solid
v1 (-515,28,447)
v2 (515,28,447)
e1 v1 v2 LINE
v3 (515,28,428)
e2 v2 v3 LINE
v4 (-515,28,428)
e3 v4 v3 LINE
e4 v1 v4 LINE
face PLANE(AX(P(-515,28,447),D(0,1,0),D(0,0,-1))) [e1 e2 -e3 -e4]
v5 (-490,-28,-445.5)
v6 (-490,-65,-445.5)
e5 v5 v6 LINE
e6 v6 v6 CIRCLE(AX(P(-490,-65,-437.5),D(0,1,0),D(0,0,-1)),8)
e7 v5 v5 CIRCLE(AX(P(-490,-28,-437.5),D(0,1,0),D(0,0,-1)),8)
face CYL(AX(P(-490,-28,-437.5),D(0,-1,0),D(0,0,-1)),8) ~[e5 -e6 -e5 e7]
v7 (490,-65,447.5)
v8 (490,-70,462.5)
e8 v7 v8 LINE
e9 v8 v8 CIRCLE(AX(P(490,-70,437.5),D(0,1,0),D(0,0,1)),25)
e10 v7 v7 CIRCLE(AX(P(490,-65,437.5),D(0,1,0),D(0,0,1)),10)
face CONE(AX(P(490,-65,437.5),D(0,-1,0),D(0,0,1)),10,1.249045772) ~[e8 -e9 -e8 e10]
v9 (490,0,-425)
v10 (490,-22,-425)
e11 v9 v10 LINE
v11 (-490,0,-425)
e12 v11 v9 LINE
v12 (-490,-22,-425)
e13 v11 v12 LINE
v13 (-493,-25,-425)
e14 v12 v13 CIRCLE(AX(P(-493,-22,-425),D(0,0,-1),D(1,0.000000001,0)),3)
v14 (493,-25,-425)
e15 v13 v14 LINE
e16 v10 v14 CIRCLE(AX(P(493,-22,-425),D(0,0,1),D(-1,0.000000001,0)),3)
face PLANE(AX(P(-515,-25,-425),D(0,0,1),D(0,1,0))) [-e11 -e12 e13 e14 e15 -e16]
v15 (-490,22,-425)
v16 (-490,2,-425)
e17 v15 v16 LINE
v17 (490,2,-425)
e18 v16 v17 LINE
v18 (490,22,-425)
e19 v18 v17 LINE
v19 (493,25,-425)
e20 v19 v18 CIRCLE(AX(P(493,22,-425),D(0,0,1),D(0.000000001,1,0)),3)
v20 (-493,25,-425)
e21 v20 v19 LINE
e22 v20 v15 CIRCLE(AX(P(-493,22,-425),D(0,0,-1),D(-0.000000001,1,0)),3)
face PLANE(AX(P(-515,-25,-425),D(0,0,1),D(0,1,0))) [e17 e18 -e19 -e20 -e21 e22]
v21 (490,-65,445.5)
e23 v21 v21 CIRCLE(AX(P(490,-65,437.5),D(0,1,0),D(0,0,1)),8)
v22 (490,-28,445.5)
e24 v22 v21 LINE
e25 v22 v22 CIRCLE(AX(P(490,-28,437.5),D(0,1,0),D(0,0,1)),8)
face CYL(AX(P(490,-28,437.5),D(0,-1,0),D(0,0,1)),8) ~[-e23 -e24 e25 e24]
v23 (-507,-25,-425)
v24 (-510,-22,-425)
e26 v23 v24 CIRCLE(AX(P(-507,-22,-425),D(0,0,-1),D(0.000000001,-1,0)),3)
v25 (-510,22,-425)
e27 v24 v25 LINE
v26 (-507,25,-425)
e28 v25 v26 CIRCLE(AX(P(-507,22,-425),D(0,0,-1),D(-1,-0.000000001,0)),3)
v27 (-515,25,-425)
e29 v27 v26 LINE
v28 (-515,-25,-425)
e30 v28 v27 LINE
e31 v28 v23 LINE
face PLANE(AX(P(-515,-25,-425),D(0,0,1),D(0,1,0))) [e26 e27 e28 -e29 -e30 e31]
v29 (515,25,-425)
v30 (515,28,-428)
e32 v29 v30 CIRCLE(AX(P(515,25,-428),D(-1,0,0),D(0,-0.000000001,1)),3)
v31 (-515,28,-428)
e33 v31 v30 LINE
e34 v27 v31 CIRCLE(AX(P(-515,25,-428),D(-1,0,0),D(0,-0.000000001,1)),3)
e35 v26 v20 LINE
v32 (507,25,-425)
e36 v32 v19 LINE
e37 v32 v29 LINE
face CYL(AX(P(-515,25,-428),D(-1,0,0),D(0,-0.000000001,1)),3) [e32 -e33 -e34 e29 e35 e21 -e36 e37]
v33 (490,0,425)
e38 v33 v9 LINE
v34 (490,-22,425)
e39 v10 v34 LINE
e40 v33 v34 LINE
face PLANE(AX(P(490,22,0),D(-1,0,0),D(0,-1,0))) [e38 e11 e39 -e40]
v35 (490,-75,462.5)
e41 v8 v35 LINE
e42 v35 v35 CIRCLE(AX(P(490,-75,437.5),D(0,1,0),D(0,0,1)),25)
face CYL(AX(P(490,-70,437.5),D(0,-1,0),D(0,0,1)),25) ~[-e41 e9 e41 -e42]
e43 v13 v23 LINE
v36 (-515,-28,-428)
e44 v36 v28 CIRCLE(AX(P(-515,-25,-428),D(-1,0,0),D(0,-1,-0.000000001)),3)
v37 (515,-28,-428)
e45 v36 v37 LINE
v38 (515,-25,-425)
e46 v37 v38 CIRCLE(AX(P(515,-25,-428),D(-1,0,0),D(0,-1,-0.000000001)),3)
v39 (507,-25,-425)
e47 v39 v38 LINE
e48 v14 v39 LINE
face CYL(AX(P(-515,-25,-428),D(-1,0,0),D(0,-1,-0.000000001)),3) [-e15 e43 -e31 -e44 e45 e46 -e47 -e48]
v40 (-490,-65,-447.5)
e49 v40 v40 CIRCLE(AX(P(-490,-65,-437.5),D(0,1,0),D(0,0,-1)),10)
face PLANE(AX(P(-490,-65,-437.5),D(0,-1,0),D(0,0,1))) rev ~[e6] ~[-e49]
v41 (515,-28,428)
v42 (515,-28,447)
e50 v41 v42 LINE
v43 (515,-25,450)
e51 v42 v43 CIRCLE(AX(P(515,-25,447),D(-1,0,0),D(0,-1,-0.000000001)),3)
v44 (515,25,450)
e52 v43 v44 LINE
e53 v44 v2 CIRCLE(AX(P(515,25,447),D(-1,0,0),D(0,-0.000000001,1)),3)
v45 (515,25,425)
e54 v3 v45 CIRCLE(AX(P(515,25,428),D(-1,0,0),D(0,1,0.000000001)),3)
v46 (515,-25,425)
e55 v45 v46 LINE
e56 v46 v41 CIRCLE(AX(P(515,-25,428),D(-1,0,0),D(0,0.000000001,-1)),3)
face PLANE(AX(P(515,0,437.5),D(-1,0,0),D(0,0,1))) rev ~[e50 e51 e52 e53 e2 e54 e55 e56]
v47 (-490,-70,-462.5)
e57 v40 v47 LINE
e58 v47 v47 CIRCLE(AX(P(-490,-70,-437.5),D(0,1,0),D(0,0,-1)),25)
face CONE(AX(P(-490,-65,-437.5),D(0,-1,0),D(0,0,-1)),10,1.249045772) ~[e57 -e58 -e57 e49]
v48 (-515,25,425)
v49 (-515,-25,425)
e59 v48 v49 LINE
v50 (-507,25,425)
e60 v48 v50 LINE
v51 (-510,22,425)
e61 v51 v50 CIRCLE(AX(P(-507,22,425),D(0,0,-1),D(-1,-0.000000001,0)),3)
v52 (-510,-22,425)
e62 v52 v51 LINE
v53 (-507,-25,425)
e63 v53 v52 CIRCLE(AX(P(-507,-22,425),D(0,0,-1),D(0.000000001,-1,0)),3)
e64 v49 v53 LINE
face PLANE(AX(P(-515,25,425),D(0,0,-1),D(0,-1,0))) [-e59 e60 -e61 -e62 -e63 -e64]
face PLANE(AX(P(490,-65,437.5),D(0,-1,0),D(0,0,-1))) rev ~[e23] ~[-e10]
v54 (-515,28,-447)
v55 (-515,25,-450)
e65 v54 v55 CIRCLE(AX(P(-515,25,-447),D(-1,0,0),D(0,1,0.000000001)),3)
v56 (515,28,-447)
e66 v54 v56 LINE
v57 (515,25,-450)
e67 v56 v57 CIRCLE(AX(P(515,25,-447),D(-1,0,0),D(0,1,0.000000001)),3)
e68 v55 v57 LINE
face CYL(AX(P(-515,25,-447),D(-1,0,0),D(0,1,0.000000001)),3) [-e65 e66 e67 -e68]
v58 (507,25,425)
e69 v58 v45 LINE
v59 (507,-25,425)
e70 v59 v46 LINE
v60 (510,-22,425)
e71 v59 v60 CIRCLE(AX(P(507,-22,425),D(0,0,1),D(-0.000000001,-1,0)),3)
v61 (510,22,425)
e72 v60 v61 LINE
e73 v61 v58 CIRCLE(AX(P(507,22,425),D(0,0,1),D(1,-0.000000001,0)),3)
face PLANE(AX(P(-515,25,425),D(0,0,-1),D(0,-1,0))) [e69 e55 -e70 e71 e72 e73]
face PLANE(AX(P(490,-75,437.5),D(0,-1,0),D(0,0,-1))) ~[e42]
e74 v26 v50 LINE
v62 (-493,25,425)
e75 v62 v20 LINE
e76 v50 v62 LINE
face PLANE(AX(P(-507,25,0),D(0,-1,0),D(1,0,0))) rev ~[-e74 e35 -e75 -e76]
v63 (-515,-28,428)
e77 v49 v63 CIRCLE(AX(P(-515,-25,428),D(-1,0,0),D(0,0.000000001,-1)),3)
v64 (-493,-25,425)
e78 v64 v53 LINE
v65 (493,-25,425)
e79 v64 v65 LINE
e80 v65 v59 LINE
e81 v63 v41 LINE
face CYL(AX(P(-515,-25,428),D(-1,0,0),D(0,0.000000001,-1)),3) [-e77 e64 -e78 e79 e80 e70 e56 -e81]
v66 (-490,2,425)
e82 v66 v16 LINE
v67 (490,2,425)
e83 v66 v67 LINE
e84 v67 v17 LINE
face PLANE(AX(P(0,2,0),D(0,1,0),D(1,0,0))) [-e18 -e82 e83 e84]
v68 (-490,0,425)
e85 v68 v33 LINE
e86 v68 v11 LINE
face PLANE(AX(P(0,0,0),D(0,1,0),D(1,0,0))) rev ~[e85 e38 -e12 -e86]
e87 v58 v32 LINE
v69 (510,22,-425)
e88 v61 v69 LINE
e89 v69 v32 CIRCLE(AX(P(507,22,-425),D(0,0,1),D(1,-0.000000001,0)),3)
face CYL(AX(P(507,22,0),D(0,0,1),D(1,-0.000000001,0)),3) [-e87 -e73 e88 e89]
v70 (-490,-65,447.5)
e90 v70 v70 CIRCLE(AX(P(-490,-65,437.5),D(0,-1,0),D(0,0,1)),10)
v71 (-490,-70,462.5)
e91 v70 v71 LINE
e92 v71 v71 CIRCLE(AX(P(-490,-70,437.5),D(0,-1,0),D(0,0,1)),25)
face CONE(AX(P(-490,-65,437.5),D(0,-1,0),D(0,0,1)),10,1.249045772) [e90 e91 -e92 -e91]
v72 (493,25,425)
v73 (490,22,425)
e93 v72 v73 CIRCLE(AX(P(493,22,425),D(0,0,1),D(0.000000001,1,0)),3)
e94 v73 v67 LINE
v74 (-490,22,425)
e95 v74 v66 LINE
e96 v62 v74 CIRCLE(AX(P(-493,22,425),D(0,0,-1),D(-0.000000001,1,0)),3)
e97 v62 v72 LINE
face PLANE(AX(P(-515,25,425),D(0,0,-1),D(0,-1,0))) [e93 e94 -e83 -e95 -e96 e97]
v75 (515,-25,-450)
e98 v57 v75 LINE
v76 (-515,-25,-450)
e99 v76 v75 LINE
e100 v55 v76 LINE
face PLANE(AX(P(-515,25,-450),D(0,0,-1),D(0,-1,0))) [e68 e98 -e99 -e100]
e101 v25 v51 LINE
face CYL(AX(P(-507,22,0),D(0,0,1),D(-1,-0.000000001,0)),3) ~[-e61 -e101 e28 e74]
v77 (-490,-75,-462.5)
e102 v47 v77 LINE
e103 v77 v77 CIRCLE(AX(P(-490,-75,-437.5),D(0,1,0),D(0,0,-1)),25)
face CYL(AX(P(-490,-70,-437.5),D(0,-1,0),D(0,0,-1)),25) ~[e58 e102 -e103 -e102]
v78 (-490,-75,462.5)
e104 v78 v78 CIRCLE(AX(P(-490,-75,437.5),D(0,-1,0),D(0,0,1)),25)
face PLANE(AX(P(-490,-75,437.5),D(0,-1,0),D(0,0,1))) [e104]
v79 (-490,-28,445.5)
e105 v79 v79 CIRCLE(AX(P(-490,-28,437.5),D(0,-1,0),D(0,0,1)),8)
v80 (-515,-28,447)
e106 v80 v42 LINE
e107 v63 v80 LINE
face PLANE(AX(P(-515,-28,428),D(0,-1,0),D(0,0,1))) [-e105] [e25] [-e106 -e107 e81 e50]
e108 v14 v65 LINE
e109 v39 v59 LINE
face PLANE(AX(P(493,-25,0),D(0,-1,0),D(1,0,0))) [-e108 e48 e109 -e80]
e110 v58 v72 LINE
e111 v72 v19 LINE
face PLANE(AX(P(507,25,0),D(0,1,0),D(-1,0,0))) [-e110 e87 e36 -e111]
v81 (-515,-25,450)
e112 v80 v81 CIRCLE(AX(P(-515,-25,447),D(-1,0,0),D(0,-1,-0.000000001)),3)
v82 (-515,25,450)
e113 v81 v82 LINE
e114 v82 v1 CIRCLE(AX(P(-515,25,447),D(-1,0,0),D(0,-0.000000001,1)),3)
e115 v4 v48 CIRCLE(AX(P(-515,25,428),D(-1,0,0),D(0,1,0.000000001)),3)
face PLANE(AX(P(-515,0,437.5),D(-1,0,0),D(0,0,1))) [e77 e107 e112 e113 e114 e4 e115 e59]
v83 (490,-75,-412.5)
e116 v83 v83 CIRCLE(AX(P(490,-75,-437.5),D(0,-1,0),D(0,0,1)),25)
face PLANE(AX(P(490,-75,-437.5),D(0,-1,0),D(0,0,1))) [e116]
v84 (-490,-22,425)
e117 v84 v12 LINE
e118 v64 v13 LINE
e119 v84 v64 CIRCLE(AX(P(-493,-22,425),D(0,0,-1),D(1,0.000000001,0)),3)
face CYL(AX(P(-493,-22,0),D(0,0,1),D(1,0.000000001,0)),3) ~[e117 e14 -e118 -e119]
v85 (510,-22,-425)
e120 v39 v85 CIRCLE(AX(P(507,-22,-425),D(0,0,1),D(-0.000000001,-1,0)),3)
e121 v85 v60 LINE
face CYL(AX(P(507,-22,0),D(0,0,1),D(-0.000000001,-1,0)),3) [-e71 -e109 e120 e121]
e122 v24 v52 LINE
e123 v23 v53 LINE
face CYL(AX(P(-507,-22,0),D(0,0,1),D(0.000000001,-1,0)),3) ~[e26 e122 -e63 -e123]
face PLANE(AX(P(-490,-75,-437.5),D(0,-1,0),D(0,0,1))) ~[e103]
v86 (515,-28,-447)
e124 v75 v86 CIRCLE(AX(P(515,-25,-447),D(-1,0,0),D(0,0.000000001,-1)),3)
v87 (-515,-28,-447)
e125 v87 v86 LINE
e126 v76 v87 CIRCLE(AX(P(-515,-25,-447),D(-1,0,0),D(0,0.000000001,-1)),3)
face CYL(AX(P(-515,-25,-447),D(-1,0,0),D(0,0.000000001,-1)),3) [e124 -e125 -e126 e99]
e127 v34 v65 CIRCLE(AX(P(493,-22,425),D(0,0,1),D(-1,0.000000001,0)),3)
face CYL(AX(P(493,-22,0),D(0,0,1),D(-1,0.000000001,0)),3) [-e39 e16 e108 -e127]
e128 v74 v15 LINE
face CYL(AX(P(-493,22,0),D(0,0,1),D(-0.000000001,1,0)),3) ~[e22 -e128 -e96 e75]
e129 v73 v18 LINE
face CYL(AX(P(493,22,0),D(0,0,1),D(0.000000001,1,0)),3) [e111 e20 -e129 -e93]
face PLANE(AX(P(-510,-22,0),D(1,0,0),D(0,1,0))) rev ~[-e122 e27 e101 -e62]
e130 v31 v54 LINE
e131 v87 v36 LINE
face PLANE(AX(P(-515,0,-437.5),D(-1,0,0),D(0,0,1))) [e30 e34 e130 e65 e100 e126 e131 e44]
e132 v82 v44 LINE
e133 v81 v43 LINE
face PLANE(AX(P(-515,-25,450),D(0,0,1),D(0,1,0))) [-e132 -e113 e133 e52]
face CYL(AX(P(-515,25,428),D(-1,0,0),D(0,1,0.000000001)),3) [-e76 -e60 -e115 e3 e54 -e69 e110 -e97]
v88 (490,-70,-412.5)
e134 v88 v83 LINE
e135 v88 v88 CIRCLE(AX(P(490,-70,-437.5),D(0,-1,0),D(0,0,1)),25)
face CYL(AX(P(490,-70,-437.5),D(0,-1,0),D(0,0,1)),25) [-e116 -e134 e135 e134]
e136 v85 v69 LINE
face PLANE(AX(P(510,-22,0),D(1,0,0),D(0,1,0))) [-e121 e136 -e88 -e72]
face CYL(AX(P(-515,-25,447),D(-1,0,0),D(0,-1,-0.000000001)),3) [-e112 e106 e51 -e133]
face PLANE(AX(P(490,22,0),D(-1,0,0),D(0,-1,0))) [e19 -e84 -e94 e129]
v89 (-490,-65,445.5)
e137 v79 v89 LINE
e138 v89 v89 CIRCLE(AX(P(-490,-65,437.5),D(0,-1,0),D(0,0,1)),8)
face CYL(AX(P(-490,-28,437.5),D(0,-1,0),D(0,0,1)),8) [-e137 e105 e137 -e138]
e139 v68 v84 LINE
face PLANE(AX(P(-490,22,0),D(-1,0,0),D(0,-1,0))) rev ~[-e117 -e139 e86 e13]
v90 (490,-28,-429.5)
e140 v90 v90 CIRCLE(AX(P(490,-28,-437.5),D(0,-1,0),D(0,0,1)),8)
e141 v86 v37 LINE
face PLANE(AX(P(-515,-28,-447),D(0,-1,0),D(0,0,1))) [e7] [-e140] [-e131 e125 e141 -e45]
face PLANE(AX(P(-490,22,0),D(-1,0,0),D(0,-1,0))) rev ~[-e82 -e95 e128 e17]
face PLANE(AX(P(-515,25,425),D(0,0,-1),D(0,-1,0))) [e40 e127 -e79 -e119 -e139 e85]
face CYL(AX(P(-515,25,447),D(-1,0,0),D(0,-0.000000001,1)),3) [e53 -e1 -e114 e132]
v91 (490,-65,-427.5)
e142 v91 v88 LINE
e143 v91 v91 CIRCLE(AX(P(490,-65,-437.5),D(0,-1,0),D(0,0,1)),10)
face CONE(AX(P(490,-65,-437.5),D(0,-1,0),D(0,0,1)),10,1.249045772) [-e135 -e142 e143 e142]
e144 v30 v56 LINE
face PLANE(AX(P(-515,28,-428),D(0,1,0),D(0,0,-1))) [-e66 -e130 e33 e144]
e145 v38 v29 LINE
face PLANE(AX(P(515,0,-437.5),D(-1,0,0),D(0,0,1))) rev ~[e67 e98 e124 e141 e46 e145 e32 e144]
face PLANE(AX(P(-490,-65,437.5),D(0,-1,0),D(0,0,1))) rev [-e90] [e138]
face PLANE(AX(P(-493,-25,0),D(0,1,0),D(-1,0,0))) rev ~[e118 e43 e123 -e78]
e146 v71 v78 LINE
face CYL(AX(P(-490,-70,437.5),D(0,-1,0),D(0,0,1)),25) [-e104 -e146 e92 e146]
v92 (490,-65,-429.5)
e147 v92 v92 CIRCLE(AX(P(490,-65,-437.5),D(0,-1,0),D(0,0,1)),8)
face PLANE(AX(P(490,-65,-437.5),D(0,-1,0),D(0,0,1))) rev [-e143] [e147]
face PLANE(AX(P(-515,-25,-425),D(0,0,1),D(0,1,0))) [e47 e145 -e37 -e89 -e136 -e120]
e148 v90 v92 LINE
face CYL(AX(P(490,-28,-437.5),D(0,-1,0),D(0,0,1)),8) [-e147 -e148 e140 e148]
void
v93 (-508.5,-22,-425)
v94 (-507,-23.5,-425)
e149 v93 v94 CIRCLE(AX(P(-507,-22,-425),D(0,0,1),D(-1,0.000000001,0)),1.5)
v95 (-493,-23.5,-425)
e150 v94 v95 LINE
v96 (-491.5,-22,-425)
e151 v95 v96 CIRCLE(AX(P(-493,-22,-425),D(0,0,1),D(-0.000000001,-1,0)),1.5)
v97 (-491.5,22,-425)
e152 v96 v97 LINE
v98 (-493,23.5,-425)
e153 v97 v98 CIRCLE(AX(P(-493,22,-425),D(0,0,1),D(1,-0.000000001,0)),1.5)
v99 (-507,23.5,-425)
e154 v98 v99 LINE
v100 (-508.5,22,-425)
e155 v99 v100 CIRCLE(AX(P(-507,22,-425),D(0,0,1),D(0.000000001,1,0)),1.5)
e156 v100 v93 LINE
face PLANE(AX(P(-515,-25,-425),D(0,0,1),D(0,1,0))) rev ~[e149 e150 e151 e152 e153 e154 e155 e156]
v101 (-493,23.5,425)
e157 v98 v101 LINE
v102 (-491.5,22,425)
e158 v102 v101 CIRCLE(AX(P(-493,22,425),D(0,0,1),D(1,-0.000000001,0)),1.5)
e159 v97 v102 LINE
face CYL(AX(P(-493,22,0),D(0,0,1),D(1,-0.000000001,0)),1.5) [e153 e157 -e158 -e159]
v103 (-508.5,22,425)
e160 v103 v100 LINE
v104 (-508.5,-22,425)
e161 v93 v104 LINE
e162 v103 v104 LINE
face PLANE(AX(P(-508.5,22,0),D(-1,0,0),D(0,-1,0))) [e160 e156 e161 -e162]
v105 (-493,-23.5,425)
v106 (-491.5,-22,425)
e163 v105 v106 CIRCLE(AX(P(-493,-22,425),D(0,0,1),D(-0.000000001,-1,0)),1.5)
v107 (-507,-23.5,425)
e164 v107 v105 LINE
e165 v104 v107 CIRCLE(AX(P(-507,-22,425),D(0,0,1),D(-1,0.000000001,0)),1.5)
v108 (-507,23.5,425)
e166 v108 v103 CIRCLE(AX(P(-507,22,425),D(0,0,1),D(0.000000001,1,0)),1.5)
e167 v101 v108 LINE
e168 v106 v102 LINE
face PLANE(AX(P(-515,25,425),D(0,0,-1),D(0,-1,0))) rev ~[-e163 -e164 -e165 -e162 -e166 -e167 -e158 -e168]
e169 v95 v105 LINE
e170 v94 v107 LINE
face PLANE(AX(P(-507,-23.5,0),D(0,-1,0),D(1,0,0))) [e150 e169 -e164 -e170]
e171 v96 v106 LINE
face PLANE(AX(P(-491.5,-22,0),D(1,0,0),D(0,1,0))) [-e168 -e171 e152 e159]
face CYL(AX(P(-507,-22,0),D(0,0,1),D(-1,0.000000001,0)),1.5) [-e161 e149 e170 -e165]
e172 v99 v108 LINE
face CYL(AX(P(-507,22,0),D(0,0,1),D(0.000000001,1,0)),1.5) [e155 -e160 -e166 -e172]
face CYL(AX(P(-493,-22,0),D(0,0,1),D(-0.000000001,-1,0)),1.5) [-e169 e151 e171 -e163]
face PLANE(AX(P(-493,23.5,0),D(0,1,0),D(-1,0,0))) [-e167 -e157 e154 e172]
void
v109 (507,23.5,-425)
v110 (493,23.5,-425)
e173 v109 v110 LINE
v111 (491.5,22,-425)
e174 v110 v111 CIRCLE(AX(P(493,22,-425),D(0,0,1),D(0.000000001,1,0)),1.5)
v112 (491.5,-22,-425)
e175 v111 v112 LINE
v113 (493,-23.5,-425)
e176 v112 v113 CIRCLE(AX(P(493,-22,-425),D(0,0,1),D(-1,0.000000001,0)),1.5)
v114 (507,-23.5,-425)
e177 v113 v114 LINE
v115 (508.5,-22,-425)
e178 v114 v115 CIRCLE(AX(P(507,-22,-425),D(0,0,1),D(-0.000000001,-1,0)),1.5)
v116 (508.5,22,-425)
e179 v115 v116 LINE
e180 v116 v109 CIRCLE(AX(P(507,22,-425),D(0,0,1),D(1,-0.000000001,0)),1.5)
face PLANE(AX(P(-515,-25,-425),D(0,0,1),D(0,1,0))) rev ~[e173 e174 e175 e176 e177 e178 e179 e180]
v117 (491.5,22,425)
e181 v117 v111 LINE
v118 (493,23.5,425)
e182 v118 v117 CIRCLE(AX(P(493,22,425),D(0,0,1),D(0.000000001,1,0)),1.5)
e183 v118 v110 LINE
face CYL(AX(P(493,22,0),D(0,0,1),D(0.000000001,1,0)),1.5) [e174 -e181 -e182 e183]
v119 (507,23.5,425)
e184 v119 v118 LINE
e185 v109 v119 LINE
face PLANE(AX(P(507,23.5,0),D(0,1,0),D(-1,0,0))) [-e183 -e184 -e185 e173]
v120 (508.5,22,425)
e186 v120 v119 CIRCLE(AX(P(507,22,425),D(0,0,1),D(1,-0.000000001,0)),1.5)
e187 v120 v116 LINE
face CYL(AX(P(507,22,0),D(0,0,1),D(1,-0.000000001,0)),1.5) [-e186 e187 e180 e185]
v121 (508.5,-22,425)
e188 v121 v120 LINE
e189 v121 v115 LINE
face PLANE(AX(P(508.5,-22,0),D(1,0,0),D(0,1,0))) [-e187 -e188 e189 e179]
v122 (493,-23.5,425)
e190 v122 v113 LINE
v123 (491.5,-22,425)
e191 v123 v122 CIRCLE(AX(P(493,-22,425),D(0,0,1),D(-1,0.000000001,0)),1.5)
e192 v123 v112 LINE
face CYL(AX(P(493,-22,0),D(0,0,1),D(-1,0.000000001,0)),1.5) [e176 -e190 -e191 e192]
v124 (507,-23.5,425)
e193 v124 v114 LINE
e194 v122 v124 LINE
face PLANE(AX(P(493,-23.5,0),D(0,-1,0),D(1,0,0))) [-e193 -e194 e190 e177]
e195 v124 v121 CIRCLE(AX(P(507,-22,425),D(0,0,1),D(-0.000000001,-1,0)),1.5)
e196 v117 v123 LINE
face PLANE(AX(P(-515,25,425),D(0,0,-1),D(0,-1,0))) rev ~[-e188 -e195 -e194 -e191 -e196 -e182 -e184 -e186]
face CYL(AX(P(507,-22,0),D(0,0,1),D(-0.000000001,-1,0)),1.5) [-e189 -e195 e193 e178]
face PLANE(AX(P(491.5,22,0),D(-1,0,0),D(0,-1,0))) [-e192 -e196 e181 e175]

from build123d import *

# Parameters (mm, degrees)
EXTRUDE_1_DEPTH      = 425
EXTRUDE_1_2_DEPTH    = 425
EXTRUDE_4_DEPTH      = 515
EXTRUDE_4_DEPTH_BACK = 515
SKETCH_3_W           = 980
SKETCH_3_H           = 850
EXTRUDE_5_DEPTH      = 2


with BuildPart() as part:
    # Эскиз1 → Бобышка-Вытянуть1 (new, symmetric)
    with BuildSketch(Plane.XY):
        with BuildLine():
            Line((-507, 25), (-493, 25))
            ThreePointArc((-493, 25), (-490.878679656, 24.121320344), (-490, 22))
            Line((-490, 22), (-490, -22))
            ThreePointArc((-490, -22), (-490.878679656, -24.121320344), (-493, -25))
            Line((-493, -25), (-507, -25))
            ThreePointArc((-507, -25), (-509.121320344, -24.121320344), (-510, -22))
            Line((-510, -22), (-510, 22))
            ThreePointArc((-510, 22), (-509.121320344, 24.121320344), (-507, 25))
        make_face()
        with BuildLine():
            Line((-508.5, 22), (-508.5, -22))
            ThreePointArc((-508.5, -22), (-508.060660172, -23.060660172), (-507, -23.5))
            Line((-507, -23.5), (-493, -23.5))
            ThreePointArc((-493, -23.5), (-491.939339828, -23.060660172), (-491.5, -22))
            Line((-491.5, -22), (-491.5, 22))
            ThreePointArc((-491.5, 22), (-491.939339828, 23.060660172), (-493, 23.5))
            Line((-493, 23.5), (-507, 23.5))
            ThreePointArc((-507, 23.5), (-508.060660172, 23.060660172), (-508.5, 22))
        make_face(mode=Mode.SUBTRACT)
    extrude(amount=EXTRUDE_1_DEPTH, both=True)



with BuildPart() as body_2:
    # Эскиз1 → Extrude 1 2 (new, symmetric)
    with BuildSketch(Plane.XY):
        with BuildLine():
            Line((490, 22), (490, -22))
            ThreePointArc((490, -22), (490.878679656, -24.121320344), (493, -25))
            Line((493, -25), (507, -25))
            ThreePointArc((507, -25), (509.121320344, -24.121320344), (510, -22))
            Line((510, -22), (510, 22))
            ThreePointArc((510, 22), (509.121320344, 24.121320344), (507, 25))
            Line((507, 25), (493, 25))
            ThreePointArc((493, 25), (490.878679656, 24.121320344), (490, 22))
        make_face()
        with BuildLine():
            Line((507, 23.5), (493, 23.5))
            ThreePointArc((493, 23.5), (491.939339828, 23.060660172), (491.5, 22))
            Line((491.5, 22), (491.5, -22))
            ThreePointArc((491.5, -22), (491.939339828, -23.060660172), (493, -23.5))
            Line((493, -23.5), (507, -23.5))
            ThreePointArc((507, -23.5), (508.060660172, -23.060660172), (508.5, -22))
            Line((508.5, -22), (508.5, 22))
            ThreePointArc((508.5, 22), (508.060660172, 23.060660172), (507, 23.5))
        make_face(mode=Mode.SUBTRACT)
    extrude(amount=EXTRUDE_1_2_DEPTH, both=True)

    # Эскиз2 → Бобышка-Вытянуть4 (add, two sides: drawn at the far end of the back side and taken through both)
    with BuildSketch(Plane(origin=(0, 0, 0), x_dir=(0, 0, -1), z_dir=(1, 0, 0)).offset(-EXTRUDE_4_DEPTH_BACK)):
        with BuildLine():
            Line((425, -25), (425, 25))
            ThreePointArc((425, 25), (425.878679656, 27.121320344), (428, 28))
            Line((428, 28), (447, 28))
            ThreePointArc((447, 28), (449.121320344, 27.121320344), (450, 25))
            Line((450, 25), (450, -25))
            ThreePointArc((450, -25), (449.121320344, -27.121320344), (447, -28))
            Line((447, -28), (428, -28))
            ThreePointArc((428, -28), (425.878679656, -27.121320344), (425, -25))
        make_face()
        with BuildLine():
            Line((-428, -28), (-447, -28))
            ThreePointArc((-447, -28), (-449.121320344, -27.121320344), (-450, -25))
            Line((-450, -25), (-450, 25))
            ThreePointArc((-450, 25), (-449.121320344, 27.121320344), (-447, 28))
            Line((-447, 28), (-428, 28))
            ThreePointArc((-428, 28), (-425.878679656, 27.121320344), (-425, 25))
            Line((-425, 25), (-425, -25))
            ThreePointArc((-425, -25), (-425.878679656, -27.121320344), (-428, -28))
        make_face()
    extrude(amount=EXTRUDE_4_DEPTH + EXTRUDE_4_DEPTH_BACK)


with BuildPart() as part_1:
    add(part.part)

    add(body_2.part)  # Бобышка-Вытянуть5 merges body 2
    # Эскиз3 → Бобышка-Вытянуть5 (add)
    with BuildSketch(Plane(origin=(0, 0, 0), x_dir=(1, 0, 0), z_dir=(0, 1, 0))):
        Rectangle(SKETCH_3_W, SKETCH_3_H)
    extrude(amount=EXTRUDE_5_DEPTH)

    # Эскиз4 → Повернуть1 (revolve)
    with BuildSketch(Plane(origin=(-490, 0, 0), x_dir=(0, 0, -1), z_dir=(1, 0, 0)), mode=Mode.PRIVATE) as revolve_1_sk:
        Polygon((-437.5, -28), (-429.5, -28), (-429.5, -65), (-427.5, -65), (-412.5, -70), (-412.5, -75), (-437.5, -75), align=None)
    revolve_1 = revolve(revolve_1_sk.sketch.rotate(Axis((-490, 28, 437.5), (0, -1, 0)), 180), axis=Axis((-490, 28, 437.5), (0, -1, 0)))

    # Зеркальное отражение1: Повернуть1 across plane
    add(revolve_1.mirror(Plane(origin=(0, 0, 0), x_dir=(0, 0, 1), z_dir=(1, 0, 0))))

    # Зеркальное отражение2: Повернуть1 across plane
    add(revolve_1.mirror(Plane.XY))

    # Зеркальное отражение2 copy 1 sketch → Зеркальное отражение2 copy 1 (revolve)
    with BuildSketch(Plane.ZY.offset(-490)):
        Polygon((-437.5, -28), (-429.5, -28), (-429.5, -65), (-427.5, -65), (-412.5, -70), (-412.5, -75), (-437.5, -75), align=None)
    revolve(axis=Axis((490, 28, -437.5), (0, -1, 0)))


solid = part_1.part
